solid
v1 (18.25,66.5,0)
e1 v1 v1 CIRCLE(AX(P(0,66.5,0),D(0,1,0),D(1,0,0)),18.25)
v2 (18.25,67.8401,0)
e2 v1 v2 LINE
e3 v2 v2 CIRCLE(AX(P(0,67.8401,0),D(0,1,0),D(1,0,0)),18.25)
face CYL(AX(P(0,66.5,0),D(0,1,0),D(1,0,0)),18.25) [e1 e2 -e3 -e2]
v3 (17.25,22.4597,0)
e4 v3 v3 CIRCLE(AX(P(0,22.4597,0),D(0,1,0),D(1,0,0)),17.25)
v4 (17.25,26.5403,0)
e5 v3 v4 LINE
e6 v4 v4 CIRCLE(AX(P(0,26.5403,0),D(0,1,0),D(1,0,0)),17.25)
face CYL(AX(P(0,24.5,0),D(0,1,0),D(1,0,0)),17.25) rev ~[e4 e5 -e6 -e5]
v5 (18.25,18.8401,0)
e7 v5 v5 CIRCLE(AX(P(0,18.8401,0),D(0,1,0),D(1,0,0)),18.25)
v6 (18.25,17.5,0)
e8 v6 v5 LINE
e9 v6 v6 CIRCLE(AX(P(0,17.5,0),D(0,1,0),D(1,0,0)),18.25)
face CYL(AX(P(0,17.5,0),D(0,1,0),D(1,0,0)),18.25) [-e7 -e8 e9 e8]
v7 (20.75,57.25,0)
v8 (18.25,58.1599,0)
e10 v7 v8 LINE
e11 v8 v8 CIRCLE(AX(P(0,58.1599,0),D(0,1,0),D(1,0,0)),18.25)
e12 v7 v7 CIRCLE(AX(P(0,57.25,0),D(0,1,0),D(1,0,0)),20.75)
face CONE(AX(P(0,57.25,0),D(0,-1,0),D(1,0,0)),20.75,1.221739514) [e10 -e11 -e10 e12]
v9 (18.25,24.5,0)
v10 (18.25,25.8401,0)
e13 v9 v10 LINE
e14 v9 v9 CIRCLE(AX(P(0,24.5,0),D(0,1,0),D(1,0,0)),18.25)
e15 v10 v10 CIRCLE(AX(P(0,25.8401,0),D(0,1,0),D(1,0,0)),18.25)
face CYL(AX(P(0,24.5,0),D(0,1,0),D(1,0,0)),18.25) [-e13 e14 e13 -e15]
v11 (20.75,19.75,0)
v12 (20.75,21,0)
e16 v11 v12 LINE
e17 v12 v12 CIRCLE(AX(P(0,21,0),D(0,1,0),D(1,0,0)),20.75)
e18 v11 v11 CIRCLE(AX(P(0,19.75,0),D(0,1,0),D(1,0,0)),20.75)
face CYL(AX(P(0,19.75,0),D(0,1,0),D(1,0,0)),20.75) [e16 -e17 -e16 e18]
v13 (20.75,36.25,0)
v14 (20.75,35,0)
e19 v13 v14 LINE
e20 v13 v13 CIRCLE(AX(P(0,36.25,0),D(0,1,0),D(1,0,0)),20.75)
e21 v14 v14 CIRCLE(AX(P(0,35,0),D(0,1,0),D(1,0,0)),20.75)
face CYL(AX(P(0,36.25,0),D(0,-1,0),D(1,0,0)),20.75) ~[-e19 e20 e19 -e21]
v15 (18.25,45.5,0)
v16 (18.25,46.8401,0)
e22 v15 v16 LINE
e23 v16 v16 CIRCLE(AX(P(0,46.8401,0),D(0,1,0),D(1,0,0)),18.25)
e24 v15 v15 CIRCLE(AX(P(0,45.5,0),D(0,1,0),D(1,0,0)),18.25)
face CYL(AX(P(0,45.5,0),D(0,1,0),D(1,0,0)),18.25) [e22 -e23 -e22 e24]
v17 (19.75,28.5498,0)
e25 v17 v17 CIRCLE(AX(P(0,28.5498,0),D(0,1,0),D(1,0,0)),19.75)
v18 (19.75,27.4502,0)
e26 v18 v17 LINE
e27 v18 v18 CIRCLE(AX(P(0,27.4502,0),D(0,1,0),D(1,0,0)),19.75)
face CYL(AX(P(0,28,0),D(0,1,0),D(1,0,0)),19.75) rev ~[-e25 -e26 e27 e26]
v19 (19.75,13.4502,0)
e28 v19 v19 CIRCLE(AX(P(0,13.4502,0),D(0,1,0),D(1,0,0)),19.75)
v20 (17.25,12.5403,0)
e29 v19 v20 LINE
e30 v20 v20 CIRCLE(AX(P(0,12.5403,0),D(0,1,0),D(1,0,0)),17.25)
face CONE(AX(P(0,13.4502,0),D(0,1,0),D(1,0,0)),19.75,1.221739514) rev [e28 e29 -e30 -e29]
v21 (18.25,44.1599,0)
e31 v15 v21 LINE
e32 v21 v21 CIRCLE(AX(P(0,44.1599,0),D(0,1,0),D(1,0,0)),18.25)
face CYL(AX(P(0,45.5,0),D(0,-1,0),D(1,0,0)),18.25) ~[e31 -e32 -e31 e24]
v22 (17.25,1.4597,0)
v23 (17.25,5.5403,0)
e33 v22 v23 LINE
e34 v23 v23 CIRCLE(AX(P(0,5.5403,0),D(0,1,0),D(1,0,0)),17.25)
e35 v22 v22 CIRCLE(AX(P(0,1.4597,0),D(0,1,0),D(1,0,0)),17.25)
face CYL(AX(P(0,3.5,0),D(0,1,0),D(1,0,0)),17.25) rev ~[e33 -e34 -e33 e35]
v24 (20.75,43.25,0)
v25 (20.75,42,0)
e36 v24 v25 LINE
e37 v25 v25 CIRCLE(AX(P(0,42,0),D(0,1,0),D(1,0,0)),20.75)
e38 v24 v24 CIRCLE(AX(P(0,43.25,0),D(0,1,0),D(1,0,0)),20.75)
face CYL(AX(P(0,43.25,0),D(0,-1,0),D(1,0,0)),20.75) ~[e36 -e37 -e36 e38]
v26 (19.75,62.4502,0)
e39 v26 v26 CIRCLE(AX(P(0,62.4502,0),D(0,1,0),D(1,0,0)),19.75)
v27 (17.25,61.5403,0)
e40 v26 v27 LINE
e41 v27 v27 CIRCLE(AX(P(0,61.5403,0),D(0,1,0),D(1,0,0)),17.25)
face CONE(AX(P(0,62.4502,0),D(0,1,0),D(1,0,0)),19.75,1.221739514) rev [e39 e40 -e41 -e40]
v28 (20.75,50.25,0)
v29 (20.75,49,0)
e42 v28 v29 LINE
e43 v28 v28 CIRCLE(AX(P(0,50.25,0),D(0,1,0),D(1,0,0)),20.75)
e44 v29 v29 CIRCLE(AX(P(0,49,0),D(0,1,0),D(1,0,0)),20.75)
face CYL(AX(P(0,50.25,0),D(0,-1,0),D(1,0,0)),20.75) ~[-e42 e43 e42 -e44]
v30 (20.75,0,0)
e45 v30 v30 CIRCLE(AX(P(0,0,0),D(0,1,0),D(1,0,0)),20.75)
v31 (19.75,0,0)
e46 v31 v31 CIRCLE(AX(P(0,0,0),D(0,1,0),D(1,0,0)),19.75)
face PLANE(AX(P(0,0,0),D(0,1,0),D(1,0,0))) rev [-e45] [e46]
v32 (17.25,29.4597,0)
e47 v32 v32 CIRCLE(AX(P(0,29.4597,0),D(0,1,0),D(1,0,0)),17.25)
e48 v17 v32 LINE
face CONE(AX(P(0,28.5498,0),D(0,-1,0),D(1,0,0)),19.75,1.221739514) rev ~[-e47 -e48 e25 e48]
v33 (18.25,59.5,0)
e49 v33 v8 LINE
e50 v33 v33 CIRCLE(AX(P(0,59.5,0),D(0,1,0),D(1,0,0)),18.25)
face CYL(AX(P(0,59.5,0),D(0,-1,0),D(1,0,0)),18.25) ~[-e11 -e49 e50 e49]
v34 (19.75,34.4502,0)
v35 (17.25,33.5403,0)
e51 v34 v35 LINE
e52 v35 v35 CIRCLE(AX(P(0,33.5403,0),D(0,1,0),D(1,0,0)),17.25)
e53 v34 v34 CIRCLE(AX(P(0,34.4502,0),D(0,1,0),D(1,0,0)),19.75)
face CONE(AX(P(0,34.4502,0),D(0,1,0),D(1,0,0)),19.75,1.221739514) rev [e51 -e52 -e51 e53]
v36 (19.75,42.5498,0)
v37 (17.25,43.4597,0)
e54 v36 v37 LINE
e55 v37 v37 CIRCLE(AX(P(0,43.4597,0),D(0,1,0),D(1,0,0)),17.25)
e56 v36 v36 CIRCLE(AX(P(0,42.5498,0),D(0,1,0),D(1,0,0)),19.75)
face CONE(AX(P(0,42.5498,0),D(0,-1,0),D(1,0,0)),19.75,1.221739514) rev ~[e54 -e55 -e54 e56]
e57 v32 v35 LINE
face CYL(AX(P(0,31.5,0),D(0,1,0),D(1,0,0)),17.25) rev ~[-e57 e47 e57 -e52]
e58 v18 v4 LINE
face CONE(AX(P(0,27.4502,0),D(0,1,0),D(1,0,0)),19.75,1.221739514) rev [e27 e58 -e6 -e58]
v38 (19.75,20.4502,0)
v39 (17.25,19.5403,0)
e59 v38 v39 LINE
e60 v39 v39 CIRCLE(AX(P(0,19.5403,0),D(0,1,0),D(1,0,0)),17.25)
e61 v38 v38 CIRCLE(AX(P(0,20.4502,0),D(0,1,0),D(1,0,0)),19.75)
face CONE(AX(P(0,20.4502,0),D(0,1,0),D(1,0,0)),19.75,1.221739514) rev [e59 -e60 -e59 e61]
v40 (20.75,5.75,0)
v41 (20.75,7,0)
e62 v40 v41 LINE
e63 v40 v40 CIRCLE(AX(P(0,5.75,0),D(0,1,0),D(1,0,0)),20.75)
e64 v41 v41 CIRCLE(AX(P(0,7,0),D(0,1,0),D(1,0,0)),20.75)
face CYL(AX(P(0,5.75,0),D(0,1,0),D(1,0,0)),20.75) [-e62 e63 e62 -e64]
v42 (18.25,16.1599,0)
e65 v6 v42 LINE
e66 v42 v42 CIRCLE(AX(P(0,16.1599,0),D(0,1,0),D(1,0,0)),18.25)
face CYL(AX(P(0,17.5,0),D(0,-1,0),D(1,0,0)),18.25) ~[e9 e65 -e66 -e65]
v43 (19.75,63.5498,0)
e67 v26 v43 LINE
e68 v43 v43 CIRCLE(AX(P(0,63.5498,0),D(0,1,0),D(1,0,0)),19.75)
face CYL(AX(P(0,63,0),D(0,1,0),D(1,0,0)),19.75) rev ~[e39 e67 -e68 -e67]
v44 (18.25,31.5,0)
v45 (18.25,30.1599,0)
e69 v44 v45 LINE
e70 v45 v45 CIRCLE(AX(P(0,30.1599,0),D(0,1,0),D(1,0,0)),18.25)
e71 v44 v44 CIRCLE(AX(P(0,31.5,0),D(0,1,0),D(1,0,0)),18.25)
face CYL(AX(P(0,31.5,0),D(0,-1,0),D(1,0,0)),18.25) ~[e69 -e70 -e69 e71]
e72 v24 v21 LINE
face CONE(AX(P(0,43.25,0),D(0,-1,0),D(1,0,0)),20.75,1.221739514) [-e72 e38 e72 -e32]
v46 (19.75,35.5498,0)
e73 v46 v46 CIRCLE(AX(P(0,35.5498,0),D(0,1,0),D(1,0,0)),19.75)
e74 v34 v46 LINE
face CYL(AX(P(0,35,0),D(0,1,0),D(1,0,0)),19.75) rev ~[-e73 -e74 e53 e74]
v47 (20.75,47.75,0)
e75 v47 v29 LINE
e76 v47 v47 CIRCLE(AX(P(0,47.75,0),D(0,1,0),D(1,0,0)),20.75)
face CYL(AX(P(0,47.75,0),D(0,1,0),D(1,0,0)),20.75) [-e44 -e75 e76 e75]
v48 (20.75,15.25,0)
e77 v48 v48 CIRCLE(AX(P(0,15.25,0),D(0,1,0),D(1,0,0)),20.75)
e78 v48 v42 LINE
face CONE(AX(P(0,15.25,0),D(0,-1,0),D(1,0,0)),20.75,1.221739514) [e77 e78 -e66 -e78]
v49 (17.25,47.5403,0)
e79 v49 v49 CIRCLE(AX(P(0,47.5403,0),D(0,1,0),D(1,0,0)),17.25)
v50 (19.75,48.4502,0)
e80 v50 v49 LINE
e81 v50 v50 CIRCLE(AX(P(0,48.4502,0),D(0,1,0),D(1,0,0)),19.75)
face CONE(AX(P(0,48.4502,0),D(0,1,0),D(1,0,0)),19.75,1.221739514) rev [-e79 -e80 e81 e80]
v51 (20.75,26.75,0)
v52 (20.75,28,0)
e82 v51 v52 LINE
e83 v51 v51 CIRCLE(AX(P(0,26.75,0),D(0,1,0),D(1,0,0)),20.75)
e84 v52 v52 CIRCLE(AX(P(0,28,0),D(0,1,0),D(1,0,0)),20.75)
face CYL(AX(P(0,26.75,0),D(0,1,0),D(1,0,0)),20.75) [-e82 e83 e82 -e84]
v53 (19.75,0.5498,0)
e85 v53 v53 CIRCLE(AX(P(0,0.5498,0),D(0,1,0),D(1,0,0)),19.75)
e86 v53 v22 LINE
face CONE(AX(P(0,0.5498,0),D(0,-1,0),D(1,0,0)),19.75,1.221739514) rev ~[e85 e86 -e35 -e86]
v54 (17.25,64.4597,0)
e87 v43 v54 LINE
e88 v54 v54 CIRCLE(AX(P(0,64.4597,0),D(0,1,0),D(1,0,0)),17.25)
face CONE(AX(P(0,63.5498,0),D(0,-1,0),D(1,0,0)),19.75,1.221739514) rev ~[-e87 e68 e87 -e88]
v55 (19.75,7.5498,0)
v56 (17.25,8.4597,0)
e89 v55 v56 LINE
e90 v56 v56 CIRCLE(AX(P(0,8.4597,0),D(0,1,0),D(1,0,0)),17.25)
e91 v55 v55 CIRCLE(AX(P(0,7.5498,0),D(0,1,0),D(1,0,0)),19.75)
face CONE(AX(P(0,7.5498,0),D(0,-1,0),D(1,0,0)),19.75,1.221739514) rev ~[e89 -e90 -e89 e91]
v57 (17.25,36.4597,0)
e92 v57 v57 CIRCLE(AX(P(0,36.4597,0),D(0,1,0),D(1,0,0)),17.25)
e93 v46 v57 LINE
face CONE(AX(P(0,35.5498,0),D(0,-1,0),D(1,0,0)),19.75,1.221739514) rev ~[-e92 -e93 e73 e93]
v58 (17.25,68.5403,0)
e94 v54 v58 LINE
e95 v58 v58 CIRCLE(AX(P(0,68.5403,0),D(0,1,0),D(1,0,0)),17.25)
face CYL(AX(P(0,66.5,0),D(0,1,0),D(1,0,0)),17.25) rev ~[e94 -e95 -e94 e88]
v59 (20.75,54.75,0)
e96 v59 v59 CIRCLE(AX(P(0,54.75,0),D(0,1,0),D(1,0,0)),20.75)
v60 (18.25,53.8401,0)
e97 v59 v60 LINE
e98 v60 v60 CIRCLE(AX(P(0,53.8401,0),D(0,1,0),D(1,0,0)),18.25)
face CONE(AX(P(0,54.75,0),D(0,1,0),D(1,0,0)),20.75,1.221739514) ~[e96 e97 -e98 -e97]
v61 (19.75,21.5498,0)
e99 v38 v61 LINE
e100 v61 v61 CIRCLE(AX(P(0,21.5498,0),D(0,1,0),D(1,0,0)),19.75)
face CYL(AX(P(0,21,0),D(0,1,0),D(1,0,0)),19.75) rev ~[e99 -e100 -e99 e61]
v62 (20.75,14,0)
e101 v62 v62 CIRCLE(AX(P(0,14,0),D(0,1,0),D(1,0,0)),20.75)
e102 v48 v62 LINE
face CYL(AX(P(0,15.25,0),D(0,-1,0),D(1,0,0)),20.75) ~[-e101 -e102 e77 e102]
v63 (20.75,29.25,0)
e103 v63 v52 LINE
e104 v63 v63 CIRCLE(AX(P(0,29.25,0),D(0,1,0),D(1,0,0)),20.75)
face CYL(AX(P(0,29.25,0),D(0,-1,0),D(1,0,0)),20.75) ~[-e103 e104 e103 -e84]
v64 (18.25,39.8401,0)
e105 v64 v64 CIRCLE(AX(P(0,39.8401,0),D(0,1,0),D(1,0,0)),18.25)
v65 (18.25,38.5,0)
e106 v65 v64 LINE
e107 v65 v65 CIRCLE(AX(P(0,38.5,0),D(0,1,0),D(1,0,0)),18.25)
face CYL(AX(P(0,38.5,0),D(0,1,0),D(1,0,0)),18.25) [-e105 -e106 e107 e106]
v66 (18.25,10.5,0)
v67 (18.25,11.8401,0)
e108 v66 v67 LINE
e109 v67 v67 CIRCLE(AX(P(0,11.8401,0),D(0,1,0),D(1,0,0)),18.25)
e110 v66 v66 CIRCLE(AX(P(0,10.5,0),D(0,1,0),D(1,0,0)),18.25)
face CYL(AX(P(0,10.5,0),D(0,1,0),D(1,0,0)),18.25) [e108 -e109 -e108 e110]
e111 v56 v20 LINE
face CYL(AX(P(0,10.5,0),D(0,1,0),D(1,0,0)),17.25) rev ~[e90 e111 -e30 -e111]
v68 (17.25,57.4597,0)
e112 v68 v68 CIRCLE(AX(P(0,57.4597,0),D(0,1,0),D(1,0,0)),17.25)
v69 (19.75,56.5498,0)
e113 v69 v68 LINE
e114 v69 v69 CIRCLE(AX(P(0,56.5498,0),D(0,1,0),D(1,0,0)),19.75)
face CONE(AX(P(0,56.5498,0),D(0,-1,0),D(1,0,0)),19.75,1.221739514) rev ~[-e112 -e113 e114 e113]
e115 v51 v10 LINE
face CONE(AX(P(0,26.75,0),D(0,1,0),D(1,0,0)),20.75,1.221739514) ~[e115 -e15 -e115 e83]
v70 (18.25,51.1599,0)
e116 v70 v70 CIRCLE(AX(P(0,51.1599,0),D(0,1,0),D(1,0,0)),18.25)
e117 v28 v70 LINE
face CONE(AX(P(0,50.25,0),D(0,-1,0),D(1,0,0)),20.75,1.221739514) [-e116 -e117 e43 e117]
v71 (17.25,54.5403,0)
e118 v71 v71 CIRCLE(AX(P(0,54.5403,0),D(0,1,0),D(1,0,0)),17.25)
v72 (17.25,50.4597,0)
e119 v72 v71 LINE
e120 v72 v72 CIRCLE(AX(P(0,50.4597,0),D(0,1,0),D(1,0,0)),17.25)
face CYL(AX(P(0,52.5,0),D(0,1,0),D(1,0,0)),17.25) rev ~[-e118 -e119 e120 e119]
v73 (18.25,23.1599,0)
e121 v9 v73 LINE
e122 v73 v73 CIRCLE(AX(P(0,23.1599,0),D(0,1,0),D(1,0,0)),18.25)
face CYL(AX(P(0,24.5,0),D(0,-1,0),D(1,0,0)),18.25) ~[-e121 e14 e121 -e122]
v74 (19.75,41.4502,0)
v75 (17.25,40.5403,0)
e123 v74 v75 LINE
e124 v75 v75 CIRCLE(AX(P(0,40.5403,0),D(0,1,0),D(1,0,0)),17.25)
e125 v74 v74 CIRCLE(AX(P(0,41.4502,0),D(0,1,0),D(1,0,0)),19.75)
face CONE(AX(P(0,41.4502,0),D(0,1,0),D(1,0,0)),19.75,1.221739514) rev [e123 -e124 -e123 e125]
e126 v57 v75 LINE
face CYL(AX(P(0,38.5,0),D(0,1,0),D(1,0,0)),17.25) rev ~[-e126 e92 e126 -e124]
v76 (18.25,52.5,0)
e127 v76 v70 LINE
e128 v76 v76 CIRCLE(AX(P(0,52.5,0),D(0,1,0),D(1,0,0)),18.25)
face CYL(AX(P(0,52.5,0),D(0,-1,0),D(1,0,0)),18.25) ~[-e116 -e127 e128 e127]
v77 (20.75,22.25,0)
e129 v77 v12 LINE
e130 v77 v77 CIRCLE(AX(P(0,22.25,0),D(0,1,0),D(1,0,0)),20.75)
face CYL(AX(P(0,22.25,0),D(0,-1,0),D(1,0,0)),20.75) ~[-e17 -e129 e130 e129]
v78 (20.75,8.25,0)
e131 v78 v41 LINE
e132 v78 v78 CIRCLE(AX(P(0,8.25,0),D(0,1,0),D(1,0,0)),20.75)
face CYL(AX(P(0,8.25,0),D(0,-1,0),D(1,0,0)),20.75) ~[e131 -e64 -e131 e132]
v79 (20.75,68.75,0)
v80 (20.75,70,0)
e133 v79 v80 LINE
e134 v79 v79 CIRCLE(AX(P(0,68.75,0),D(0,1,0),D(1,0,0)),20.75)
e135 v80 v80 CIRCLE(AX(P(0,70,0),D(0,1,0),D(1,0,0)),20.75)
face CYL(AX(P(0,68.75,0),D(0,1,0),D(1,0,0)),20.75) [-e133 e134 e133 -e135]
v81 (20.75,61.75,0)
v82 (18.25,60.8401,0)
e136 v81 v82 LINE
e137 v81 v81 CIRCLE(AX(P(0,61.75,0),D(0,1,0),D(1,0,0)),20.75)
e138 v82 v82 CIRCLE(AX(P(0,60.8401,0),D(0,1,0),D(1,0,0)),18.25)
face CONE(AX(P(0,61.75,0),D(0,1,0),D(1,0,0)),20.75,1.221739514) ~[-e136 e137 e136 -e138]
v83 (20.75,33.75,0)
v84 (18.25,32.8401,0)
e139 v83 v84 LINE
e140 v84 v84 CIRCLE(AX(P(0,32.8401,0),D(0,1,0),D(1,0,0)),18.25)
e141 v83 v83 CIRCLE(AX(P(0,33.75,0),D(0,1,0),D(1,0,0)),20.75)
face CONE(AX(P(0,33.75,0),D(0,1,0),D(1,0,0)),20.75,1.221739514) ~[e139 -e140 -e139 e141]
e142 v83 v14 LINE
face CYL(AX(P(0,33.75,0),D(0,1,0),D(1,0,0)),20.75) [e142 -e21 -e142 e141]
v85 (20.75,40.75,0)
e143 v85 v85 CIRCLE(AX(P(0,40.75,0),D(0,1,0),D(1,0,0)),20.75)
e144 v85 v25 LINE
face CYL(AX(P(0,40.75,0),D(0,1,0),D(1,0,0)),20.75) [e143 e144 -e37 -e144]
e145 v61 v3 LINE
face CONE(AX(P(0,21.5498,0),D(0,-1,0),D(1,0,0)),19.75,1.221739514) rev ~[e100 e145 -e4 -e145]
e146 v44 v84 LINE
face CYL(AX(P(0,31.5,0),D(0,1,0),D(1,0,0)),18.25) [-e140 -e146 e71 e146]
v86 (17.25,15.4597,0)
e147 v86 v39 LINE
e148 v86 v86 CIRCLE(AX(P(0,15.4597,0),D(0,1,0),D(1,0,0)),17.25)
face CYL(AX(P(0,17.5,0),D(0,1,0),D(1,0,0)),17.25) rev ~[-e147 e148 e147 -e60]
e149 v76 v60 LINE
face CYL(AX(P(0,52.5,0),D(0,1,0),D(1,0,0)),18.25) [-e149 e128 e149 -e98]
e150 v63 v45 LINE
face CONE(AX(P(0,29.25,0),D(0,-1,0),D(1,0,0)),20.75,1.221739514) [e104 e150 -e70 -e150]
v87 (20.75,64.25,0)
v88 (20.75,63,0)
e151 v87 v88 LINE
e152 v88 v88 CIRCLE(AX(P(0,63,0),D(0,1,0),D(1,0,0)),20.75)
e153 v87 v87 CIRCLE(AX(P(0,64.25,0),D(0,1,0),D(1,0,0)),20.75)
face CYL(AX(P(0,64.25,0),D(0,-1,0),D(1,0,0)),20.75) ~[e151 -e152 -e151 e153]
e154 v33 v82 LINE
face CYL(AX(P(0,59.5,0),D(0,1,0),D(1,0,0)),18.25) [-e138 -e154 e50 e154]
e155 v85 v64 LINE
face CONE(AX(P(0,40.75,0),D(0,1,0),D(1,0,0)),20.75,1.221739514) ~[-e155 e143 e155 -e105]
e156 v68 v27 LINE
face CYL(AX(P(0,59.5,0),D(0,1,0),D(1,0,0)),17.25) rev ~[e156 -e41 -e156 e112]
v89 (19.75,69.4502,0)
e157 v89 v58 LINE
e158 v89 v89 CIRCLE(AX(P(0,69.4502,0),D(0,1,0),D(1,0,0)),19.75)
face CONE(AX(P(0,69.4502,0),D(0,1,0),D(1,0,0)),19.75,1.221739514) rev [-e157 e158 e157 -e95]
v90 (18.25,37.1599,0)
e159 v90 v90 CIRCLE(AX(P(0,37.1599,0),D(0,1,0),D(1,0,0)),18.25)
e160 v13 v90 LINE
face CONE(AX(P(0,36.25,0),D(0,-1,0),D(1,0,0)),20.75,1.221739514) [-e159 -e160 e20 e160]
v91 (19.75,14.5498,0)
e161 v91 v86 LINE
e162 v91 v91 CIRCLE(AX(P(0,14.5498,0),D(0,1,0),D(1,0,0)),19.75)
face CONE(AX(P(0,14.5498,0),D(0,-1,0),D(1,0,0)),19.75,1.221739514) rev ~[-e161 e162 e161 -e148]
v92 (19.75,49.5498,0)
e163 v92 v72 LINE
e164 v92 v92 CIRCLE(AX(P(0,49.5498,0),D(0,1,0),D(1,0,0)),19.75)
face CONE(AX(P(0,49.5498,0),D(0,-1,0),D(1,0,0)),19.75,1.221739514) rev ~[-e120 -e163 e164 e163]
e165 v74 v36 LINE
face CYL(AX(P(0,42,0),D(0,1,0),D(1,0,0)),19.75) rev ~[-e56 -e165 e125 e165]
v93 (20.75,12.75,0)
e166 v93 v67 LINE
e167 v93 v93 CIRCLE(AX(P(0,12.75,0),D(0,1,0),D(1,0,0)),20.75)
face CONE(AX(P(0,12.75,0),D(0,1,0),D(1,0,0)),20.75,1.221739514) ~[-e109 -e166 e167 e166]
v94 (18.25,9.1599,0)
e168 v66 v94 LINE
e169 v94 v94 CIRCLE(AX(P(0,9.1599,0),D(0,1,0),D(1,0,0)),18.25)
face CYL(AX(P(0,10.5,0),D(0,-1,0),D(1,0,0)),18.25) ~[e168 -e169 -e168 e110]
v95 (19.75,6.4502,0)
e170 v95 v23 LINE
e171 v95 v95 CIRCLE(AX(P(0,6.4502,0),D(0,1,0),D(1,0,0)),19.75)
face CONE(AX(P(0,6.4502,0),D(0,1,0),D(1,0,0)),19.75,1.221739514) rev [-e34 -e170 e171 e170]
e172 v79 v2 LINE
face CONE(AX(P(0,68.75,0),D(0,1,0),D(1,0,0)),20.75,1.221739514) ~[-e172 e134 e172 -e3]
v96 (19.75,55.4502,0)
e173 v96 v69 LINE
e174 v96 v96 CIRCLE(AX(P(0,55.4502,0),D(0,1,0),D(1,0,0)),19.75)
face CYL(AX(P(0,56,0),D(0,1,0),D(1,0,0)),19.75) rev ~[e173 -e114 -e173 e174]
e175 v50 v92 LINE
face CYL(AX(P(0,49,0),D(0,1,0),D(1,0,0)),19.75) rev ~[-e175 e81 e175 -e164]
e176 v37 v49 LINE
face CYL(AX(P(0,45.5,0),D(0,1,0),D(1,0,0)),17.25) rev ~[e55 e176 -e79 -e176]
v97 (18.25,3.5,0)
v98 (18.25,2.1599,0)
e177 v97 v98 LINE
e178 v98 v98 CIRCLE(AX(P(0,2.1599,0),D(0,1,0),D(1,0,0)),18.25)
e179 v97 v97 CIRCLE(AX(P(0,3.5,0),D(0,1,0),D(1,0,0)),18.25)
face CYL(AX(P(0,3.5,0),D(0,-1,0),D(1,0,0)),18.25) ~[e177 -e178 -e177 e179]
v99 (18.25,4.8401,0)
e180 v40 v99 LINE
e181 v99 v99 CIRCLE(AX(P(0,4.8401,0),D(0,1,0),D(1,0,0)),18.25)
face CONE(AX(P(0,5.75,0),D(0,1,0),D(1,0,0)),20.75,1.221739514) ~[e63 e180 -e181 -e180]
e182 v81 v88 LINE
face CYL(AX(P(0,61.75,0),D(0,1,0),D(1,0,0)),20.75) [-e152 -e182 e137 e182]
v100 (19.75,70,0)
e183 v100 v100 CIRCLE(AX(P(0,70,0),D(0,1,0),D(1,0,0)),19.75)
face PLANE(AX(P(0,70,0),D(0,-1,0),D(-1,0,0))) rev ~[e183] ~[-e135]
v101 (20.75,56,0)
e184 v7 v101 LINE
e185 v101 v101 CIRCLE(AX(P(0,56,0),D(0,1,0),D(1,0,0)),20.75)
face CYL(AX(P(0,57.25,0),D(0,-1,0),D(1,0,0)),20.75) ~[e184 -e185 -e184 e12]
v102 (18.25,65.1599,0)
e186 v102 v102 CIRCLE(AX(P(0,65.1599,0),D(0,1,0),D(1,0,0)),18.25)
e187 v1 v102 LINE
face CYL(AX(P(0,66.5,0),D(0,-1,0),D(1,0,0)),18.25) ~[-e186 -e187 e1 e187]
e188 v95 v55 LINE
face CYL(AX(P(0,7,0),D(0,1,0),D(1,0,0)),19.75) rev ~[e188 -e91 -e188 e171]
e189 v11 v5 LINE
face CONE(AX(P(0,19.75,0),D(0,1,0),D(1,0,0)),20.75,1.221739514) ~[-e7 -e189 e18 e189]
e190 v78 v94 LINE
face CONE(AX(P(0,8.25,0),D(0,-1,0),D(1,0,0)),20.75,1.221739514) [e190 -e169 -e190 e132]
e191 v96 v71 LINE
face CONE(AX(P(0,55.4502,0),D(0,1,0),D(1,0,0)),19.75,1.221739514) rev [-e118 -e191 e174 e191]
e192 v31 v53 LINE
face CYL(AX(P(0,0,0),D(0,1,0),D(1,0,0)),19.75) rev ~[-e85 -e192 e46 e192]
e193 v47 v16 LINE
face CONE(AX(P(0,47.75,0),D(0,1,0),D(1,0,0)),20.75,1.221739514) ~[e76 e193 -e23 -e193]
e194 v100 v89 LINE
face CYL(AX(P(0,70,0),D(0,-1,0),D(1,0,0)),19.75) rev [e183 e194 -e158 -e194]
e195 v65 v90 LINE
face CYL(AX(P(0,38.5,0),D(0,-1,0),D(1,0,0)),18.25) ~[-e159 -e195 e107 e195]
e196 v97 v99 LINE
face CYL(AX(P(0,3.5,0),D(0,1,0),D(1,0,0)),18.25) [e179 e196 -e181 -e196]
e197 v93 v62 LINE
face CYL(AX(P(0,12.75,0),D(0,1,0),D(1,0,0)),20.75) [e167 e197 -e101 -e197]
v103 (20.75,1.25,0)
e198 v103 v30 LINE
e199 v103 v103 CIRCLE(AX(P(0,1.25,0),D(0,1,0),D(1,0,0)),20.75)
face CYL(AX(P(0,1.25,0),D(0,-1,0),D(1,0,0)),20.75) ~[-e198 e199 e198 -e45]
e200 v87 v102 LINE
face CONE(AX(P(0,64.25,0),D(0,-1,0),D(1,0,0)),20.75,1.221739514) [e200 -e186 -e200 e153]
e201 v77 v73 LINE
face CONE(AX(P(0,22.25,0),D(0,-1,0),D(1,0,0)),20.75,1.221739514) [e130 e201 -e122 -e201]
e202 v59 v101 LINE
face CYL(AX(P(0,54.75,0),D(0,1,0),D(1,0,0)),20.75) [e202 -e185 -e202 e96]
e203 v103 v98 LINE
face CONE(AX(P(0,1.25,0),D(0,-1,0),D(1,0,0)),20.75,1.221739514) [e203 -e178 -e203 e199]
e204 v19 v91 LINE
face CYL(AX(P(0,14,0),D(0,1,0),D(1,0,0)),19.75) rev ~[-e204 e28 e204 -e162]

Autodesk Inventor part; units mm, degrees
ref_plane "YZ Plane" through (0, 0, 0) normal (1, 0, 0) x (0, 1, 0)
ref_plane "XZ Plane" through (0, 0, 0) normal (0, 1, 0) x (-1, 0, 0)
ref_plane "XY Plane" through (0, 0, 0) normal (0, 0, 1) x (1, 0, 0)
sketch "Sketch2" plane through (0, 0, 0) normal (0, 0, 1) x (1, 0, 0)
  line L0 (0, 0) -> (20.75, 0)
  line L1 (0, 3.5) -> (18.25, 3.5)
  line L2 (20.75, 1.25) -> (20.75, 0)
  line L3 (0, 0) -> (0, 3.5)
  line L4 (18.25, 3.5) -> (18.25, 2.1599)
  line L5 (17.25, 3.5) -> (17.25, 1.4597)
  line L6 (19.75, 0) -> (19.75, 0.5498)
  line L7 (19.75, 0.5498) -> (17.25, 1.4597)
  line L8 (20.75, 1.25) -> (18.25, 2.1599)
  dimension "d4" = 1.25
  dimension "d6" = 36.5
  dimension "d7" = 41.5
  dimension "d9" = 34.5
  dimension "d10" = 1
  dimension "d12" = 1
  dimension "d15" = 110
  dimension "d16" = 1
  dimension "d17" = 2.25
revolve "Revolution1" add sketch "Sketch2" angle 360 about axis through (0, 0, 0) along (0, 1, 0) contours L6 L7 L5 L1 L4 L8 L2 L0
mirror "Mirror1" about plane through (17.25, 3.5, 0) normal (0, 1, 0) of "Revolution1"
pattern_linear "Rectangular Pattern1" count 10 spacing 7 along (0, 1, 0) of "Revolution1", "Mirror1"
equation "\"d12\" = d10"
equation "\"d16\" = d10"
properties part number "40mm Vacuum Hose" material "PVC, Unplasticized"
